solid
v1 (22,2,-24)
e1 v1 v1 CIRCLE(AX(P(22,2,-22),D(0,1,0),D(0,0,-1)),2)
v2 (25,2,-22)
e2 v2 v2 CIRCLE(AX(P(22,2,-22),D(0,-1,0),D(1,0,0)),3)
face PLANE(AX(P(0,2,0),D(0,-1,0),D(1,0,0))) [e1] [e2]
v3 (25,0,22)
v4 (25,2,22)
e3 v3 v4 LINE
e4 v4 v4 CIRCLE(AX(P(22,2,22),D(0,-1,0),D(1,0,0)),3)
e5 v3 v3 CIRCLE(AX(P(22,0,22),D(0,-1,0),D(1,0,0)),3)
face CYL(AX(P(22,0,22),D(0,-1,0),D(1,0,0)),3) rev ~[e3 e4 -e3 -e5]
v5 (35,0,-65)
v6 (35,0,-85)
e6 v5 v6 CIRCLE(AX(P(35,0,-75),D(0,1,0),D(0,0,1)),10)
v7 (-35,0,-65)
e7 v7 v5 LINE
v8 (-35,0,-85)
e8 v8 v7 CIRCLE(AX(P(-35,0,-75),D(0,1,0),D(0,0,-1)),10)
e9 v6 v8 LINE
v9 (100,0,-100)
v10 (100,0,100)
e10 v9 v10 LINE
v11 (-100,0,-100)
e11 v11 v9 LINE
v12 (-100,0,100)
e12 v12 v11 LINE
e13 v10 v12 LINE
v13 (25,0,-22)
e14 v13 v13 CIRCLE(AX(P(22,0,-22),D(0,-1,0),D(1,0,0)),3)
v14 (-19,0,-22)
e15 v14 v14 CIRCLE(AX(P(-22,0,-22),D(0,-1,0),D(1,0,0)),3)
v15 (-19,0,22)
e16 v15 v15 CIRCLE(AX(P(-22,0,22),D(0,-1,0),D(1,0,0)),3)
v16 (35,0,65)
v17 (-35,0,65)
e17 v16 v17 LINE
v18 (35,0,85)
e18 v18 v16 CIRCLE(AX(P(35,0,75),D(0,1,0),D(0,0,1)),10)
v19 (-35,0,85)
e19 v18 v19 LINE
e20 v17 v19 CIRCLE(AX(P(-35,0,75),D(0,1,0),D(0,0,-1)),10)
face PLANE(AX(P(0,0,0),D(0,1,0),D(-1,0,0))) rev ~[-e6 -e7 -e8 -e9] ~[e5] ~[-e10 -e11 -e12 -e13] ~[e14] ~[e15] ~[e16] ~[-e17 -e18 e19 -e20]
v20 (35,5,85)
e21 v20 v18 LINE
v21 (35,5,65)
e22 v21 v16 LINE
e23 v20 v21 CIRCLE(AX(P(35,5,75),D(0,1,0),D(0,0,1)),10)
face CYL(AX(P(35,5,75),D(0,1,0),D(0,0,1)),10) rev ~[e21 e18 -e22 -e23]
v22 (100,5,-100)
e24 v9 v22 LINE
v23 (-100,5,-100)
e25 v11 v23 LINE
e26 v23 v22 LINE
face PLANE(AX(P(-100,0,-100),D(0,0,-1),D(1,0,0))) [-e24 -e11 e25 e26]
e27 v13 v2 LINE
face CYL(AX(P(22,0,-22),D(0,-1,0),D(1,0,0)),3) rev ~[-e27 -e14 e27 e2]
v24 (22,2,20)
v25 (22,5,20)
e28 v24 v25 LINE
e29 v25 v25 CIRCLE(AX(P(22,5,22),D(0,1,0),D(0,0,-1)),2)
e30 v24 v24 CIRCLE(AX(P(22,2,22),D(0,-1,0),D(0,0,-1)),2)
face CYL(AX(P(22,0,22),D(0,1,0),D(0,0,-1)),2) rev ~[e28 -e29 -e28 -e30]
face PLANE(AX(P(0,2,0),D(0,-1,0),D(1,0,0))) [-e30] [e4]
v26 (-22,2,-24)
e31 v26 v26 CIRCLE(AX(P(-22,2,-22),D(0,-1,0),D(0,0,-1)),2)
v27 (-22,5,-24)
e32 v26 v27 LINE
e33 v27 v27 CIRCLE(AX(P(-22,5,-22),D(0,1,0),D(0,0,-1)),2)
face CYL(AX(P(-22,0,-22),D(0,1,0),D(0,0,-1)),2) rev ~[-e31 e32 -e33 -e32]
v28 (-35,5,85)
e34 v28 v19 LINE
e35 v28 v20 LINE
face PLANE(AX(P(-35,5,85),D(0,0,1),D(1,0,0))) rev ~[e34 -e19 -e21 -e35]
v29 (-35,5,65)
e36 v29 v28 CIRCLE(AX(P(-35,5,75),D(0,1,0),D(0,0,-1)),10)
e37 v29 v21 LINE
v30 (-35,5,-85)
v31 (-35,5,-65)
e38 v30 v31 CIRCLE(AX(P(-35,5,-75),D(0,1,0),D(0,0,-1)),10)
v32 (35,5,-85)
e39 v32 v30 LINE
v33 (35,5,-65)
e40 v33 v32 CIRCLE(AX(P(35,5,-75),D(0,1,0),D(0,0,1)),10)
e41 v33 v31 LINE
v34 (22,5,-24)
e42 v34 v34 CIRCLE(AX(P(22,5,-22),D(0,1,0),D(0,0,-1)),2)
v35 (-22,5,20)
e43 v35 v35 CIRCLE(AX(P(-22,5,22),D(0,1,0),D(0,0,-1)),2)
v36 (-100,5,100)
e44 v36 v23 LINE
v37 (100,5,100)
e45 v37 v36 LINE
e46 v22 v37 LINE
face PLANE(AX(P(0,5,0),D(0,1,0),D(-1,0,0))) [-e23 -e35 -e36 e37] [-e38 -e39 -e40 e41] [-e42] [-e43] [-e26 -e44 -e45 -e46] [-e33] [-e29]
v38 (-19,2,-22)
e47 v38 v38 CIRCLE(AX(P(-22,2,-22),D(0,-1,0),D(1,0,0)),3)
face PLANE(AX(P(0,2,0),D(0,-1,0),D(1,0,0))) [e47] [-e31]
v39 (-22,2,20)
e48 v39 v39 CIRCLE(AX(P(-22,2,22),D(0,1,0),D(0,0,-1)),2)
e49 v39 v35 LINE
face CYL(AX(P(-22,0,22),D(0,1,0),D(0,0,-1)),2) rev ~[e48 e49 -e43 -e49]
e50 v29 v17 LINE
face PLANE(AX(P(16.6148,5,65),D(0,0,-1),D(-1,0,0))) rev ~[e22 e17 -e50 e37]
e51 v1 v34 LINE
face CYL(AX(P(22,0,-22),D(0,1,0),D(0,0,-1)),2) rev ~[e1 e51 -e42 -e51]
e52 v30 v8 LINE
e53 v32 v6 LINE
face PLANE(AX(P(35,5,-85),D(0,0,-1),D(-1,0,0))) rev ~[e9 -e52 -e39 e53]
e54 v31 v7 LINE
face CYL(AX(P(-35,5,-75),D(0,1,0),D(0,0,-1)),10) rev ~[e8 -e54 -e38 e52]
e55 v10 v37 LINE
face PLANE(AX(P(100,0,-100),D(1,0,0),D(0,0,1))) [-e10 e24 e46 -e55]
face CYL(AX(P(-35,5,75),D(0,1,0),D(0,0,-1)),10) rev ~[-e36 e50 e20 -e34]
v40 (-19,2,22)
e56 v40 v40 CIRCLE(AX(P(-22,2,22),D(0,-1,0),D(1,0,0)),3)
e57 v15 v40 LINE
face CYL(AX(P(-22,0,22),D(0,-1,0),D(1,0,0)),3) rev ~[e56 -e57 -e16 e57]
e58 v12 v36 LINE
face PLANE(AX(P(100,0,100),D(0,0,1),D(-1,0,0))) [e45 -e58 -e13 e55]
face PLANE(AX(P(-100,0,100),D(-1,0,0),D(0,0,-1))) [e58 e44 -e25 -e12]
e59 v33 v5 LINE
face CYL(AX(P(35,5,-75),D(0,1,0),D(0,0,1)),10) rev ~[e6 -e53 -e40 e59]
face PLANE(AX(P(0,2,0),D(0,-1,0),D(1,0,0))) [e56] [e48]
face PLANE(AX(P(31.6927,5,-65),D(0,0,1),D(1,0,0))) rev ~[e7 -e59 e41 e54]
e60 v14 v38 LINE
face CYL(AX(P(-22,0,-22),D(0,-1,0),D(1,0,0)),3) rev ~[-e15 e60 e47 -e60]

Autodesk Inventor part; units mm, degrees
ref_plane "YZ Plane" through (0, 0, 0) normal (1, 0, 0) x (0, 1, 0)
ref_plane "XZ Plane" through (0, 0, 0) normal (0, 1, 0) x (-1, 0, 0)
ref_plane "XY Plane" through (0, 0, 0) normal (0, 0, 1) x (1, 0, 0)
sketch "Sketch1" plane through (0, 0, 0) normal (0, 1, 0) x (-1, 0, 0)
  line L0 (-100, 100) -> (100, 100)
  line L1 (100, 100) -> (100, -100)
  line L2 (100, -100) -> (-100, -100)
  line L3 (-100, -100) -> (-100, 100)
  line L4 (-100, 100) -> (100, -100) construction
  line L5 (100, 100) -> (-100, -100) construction
  point P0 (0, 0)
  dimension "d0" = 200
  dimension "d1" = 200
extrude "Extrusion1" add sketch "Sketch1" along normal blind 5
sketch "Sketch6" plane through (0, 0, 0) normal (0, -1, 0) x (1, 0, 0)
  line L0 (-22, 22) -> (22, 22)
  line L1 (22, 22) -> (22, -22)
  line L2 (22, -22) -> (-22, -22)
  line L3 (-22, -22) -> (-22, 22)
  line L4 (-22, 22) -> (22, -22) construction
  line L5 (22, 22) -> (-22, -22) construction
  point P0 (0, 0)
  dimension "d10" = 44
  dimension "d11" = 44
hole "Hole1" at (22, 0, 22) at (22, 0, -22) at (-22, 0, -22) at (-22, 0, 22) direction (0, 1, 0) diameter 4 depth 49.3
sketch "Sketch7" plane through (0, 0, 0) normal (0, -1, 0) x (1, 0, 0)
  circle A0 centre (-22, 22) radius 2 projected
  circle A1 centre (-22, 22) radius 3
  circle A2 centre (22, 22) radius 2 projected
  circle A3 centre (22, 22) radius 3
  circle A4 centre (-22, -22) radius 2 projected
  circle A5 centre (-22, -22) radius 3
  circle A6 centre (22, -22) radius 3
  point P0 (0, 0)
  dimension "d19" = 6
  dimension "d20" = 6
  dimension "d21" = 6
  dimension "d22" = 6
extrude "Extrusion3" cut sketch "Sketch7" against normal blind 2 contours A0 | A1 | A3 | A5 | A6
sketch "Sketch13" plane through (0, 5, 0) normal (0, 1, 0) x (1, 0, 0)
  line L0 (-35, 75) -> (35, 75) construction
  line L1 (-35, 65) -> (35, 65)
  line L2 (35, 85) -> (-35, 85)
  arc A0 (-35, 85) -> (-35, 65) centre (-35, 75) ccw
  arc A1 (35, 65) -> (35, 85) centre (35, 75) ccw
  line L3 (-35, 75) -> (-35, -100)
  line L4 (-100, -100) -> (100, -100) projected
  line L5 (35, 75) -> (35, -100)
  line L6 (-35, -75) -> (35, -75) construction
  line L7 (-35, -85) -> (35, -85)
  line L8 (35, -65) -> (-35, -65)
  arc A2 (-35, -65) -> (-35, -85) centre (-35, -75) ccw
  arc A3 (35, -85) -> (35, -65) centre (35, -75) ccw
  line L9 (-50, 50) -> (50, 50)
  line L10 (50, 50) -> (50, -50)
  line L11 (50, -50) -> (-50, -50)
  line L12 (-50, -50) -> (-50, 50)
  line L13 (-50, 50) -> (50, -50) construction
  line L14 (50, 50) -> (-50, -50) construction
  line L15 (16.6148, -50) -> (16.6148, -65)
  line L16 (16.6148, -85) -> (16.6148, -100)
  line L17 (31.6927, 50) -> (31.6927, 65)
  point P0 (0, 0)
  point P1 (-100, 100)
  point P2 (0, 75)
  point P3 (0, -75)
  dimension "d56" = 20
  dimension "d59" = 20
  dimension "d60" = 100
  dimension "d61" = 100
  dimension "d62" = 15
  dimension "d64" = 15
extrude "Extrusion5" cut sketch "Sketch13" against normal blind 5 contours A0 L2 A1 L1 | L8 L5 L7 L3 | L3 A2 | A3 L5
sketch "Sketch14" plane through (0, 5, 0) normal (0, 1, 0) x (1, 0, 0)
  point P0 (0, 0)
properties part number "Base myCobot_3DPrint"
